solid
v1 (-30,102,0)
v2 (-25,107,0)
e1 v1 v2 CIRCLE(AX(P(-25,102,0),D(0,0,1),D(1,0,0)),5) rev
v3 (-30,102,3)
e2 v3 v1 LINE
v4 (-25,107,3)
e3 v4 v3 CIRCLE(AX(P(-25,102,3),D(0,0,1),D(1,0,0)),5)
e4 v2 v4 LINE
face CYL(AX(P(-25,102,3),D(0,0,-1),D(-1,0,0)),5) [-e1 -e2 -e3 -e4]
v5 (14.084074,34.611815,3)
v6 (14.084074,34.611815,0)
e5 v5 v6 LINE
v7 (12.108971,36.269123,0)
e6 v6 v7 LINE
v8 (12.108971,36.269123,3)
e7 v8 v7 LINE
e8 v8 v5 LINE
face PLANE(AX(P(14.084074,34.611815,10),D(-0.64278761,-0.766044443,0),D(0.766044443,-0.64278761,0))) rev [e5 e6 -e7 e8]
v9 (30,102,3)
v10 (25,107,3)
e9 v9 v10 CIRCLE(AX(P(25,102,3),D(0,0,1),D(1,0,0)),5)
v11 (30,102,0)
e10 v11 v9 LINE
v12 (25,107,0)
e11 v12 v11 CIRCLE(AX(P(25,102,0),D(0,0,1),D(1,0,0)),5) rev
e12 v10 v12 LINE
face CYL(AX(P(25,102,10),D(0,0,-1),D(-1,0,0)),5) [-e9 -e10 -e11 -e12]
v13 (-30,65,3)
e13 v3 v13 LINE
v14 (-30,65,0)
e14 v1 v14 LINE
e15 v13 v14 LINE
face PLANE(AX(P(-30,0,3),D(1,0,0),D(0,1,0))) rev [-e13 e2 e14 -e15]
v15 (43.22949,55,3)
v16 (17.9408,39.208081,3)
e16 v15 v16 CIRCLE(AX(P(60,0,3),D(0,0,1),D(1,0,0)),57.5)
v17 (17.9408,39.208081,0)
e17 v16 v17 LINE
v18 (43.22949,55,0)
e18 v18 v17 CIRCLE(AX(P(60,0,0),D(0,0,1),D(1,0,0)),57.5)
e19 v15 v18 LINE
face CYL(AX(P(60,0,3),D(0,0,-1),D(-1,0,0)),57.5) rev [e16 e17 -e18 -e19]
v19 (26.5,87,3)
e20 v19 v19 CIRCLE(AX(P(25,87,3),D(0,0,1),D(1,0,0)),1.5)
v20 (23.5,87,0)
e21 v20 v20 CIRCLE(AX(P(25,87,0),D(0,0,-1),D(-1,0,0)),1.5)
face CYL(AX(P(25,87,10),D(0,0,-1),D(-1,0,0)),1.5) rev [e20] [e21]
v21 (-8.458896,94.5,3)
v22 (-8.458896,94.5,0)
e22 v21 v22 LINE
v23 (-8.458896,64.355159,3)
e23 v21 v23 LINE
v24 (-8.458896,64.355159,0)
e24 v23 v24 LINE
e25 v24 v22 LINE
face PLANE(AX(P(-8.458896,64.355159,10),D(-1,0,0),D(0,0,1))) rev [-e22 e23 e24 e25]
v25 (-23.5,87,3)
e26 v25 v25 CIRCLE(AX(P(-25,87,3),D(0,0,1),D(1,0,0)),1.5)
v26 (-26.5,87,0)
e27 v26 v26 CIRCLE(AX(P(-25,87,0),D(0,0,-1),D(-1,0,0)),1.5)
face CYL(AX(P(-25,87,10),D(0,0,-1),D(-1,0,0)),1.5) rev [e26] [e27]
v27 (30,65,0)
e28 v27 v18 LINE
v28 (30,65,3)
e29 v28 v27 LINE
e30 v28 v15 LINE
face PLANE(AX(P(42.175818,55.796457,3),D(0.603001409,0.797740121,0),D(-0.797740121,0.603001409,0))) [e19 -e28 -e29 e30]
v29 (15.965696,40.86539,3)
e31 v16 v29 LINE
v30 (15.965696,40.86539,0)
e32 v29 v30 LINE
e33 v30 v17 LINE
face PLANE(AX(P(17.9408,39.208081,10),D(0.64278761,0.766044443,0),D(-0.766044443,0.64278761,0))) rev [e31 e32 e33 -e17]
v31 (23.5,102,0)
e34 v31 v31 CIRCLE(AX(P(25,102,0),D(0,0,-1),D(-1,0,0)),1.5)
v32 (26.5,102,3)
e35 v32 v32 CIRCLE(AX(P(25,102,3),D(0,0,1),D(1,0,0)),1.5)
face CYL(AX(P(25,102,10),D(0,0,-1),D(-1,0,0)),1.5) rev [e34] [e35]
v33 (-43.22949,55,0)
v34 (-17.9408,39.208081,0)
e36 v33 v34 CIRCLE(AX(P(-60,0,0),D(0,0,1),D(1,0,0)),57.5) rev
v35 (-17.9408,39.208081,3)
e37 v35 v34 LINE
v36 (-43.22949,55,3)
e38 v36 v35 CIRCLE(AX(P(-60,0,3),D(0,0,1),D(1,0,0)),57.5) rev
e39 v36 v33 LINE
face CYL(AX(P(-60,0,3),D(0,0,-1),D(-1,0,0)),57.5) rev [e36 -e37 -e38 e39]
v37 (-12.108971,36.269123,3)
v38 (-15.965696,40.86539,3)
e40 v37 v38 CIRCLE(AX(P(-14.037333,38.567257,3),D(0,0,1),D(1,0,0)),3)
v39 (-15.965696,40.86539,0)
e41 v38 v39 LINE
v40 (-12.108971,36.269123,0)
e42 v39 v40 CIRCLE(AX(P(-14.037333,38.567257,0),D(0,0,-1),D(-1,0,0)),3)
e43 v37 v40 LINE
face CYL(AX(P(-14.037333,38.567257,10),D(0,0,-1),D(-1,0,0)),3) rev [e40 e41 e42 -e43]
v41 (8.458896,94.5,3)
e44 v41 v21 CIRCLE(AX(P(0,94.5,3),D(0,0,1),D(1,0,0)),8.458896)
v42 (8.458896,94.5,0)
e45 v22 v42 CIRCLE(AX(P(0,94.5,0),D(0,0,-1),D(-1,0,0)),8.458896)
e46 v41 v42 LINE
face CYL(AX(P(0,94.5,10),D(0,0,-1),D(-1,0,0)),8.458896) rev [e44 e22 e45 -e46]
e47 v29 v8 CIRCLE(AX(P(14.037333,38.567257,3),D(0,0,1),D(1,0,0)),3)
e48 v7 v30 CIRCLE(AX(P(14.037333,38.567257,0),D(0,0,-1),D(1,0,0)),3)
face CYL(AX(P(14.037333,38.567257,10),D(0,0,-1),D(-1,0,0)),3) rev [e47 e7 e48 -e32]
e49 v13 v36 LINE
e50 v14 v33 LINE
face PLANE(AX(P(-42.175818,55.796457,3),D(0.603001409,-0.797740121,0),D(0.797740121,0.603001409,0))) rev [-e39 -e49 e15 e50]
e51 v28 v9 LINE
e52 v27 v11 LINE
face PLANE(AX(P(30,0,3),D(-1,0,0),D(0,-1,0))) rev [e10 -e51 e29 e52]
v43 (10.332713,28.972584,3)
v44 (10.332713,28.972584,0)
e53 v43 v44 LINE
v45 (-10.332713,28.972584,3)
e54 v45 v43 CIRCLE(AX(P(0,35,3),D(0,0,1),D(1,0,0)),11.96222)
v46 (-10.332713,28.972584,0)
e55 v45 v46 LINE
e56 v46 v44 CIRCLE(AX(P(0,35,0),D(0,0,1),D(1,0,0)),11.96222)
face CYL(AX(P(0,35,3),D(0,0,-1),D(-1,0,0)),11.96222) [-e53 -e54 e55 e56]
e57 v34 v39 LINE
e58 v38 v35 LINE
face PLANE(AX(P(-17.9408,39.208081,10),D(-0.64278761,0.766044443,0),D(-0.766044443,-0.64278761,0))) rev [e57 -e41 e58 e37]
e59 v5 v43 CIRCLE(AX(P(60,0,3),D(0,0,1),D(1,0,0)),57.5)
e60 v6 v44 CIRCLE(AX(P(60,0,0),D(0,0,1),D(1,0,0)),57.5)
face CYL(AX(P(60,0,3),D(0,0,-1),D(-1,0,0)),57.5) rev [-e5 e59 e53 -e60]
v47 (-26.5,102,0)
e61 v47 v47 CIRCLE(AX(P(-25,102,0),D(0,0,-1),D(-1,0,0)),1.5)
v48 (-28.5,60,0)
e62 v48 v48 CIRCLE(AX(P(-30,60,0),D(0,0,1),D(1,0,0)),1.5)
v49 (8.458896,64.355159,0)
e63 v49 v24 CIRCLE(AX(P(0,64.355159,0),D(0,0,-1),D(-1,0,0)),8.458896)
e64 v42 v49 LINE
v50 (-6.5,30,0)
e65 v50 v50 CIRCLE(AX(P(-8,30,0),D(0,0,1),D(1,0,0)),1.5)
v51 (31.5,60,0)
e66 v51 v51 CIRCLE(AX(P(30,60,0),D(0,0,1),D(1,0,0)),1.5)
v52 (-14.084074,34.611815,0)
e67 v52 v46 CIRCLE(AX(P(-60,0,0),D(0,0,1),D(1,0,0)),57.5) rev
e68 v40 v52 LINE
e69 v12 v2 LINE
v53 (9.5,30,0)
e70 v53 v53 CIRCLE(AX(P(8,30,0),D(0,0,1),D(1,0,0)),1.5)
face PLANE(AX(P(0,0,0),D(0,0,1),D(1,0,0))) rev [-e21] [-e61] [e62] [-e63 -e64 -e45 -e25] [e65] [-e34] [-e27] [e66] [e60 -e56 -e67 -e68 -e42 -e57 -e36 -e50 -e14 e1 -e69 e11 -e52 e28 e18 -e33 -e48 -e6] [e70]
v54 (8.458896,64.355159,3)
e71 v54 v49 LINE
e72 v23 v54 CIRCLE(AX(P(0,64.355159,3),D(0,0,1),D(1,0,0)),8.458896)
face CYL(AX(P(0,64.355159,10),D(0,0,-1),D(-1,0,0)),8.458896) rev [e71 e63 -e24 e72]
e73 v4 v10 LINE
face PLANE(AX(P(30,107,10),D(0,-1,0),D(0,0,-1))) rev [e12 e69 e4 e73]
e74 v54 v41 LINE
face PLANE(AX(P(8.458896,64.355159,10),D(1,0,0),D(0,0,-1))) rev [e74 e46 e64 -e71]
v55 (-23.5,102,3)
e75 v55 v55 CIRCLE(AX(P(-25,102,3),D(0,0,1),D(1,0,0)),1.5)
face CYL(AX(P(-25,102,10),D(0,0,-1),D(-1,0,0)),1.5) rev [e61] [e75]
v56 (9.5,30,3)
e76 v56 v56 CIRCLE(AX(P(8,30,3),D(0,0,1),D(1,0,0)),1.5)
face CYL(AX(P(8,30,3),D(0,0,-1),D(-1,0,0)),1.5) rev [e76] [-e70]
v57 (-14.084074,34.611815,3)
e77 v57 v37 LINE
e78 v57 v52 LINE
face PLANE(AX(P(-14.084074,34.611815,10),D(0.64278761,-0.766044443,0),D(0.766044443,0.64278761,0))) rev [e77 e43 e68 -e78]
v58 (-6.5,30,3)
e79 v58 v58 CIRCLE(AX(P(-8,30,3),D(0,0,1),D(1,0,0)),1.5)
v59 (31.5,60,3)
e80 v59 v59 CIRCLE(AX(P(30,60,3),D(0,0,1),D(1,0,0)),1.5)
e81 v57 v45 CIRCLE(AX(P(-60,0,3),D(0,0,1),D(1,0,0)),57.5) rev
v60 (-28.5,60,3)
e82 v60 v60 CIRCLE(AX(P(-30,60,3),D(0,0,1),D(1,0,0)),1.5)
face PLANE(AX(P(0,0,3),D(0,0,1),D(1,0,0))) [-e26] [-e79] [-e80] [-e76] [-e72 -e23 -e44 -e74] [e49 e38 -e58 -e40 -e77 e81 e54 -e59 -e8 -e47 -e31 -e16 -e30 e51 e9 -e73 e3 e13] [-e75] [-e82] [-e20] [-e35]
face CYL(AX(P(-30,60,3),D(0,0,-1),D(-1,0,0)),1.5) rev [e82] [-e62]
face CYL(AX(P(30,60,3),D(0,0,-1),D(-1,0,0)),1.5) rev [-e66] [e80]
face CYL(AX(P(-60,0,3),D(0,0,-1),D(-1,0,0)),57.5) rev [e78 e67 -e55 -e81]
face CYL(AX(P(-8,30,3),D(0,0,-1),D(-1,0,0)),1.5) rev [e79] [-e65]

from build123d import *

# Parameters (mm, degrees)
SKETCH_1_R          = 1.5
EXTRUDE_1_DEPTH     = 3
CUT_EXTRUDE_1_DEPTH = 10
SKETCH_3_R          = 1.5
CUT_EXTRUDE_2_DEPTH = 10
SKETCH_4_R          = 1
SKETCH_4_W          = 12.5
SKETCH_4_H          = 22.5
EXTRUDE_2_DEPTH     = 3
SKETCH_5_R          = 1
CUT_EXTRUDE_3_DEPTH = 10
FILLET_1_R          = 10
CUT_EXTRUDE_4_DEPTH = 10
FILLET_2_R          = 5


with BuildPart() as part:
    # 草图1 → 凸台-拉伸1 (new body)
    with BuildSketch(Plane.XY):
        with BuildLine():
            Line((30, 65), (43.229490169, 55))
            ThreePointArc((43.229490169, 55), (24.322951332, 45.093216766), (10.332713198, 28.972583968))
            ThreePointArc((10.332713198, 28.972583968), (0, 23.037780053), (-10.332713198, 28.972583968))
            ThreePointArc((-10.332713198, 28.972583968), (-24.322951332, 45.093216766), (-43.229490169, 55))
            Line((-43.229490169, 55), (-30, 65))
            Line((-30, 65), (-30, 107))
            ThreePointArc((-30, 107), (-27.071067812, 114.071067812), (-20, 117))
            Line((-20, 117), (20, 117))
            ThreePointArc((20, 117), (27.071067812, 114.071067812), (30, 107))
            Line((30, 107), (30, 65))
        make_face()
        with Locations((-30, 60)):
            Circle(SKETCH_1_R, mode=Mode.SUBTRACT)
        with Locations((-8, 30)):
            Circle(SKETCH_1_R, mode=Mode.SUBTRACT)
        with Locations((8, 30)):
            Circle(SKETCH_1_R, mode=Mode.SUBTRACT)
        with Locations((30, 60)):
            Circle(SKETCH_1_R, mode=Mode.SUBTRACT)
    extrude(amount=EXTRUDE_1_DEPTH)

    # 草图2 → 切除-拉伸1 (cut)
    with BuildSketch(Plane(origin=(0, 0, 0), x_dir=(-1, 0, 0), z_dir=(0, 0, -1))):
        with BuildLine():
            Line((14.08407385, 34.61181483), (12.108970584, 36.269123252))
            ThreePointArc((12.108970584, 36.269123252), (11.739200084, 40.49561941), (15.965696242, 40.865389911))
            Line((15.965696242, 40.865389911), (17.940799508, 39.208081488))
            Line((17.940799508, 39.208081488), (18.60524138, 38.39769253))
            Line((18.60524138, 38.39769253), (14.816805035, 33.83995685))
            Line((14.816805035, 33.83995685), (14.08407385, 34.61181483))
        make_face()
        with BuildLine():
            Line((-18.60524138, 38.39769253), (-17.940799508, 39.208081488))
            Line((-17.940799508, 39.208081488), (-15.965696242, 40.865389911))
            ThreePointArc((-15.965696242, 40.865389911), (-11.739200084, 40.49561941), (-12.108970584, 36.269123252))
            Line((-12.108970584, 36.269123252), (-14.08407385, 34.61181483))
            Line((-14.08407385, 34.61181483), (-14.816805035, 33.83995685))
            Line((-14.816805035, 33.83995685), (-18.60524138, 38.39769253))
        make_face()
    extrude(amount=-CUT_EXTRUDE_1_DEPTH, mode=Mode.SUBTRACT)

    # 草图3 → 切除-拉伸2 (cut)
    with BuildSketch(Plane(origin=(0, 0, 0), x_dir=(-1, 0, 0), z_dir=(0, 0, -1))):
        with Locations((-25, 102)):
            Circle(SKETCH_3_R)
        with Locations((-25, 87)):
            Circle(SKETCH_3_R)
        with Locations((25, 102)):
            Circle(SKETCH_3_R)
        with Locations((25, 87)):
            Circle(SKETCH_3_R)
        with BuildLine():
            Line((-8.458896236, 64.355158964), (-8.458896236, 94.5))
            ThreePointArc((-8.458896236, 94.5), (0, 102.958896236), (8.458896236, 94.5))
            Line((8.458896236, 94.5), (8.458896236, 64.355158964))
            ThreePointArc((8.458896236, 64.355158964), (0, 55.896262728), (-8.458896236, 64.355158964))
        make_face()
    extrude(amount=-CUT_EXTRUDE_2_DEPTH, mode=Mode.SUBTRACT)

    # 草图4 → 凸台-拉伸2 (add)
    with BuildSketch(Plane(origin=(0, 0, 0), x_dir=(-1, 0, 0), z_dir=(0, 0, -1))):
        with BuildLine():
            Line((-9.51564662, 141.75), (-20, 117))
            Line((-20, 117), (-9.51564662, 117))
            Line((-9.51564662, 117), (-2.844735856, 108.972139798))
            Line((-2.844735856, 108.972139798), (9.51564662, 117))
            Line((9.51564662, 117), (20, 117))
            Line((20, 117), (9.51564662, 141.75))
            ThreePointArc((9.51564662, 141.75), (0, 151.26564662), (-9.51564662, 141.75))
        make_face()
        with Locations((0, 141.75)):
            Circle(SKETCH_4_R, mode=Mode.SUBTRACT)
        with Locations((0, 128.25)):
            Rectangle(SKETCH_4_W, SKETCH_4_H, mode=Mode.SUBTRACT)
    extrude(amount=-EXTRUDE_2_DEPTH)

    # 草图5 → 切除-拉伸3 (cut)
    with BuildSketch(Plane(origin=(0, 0, 0), x_dir=(-1, 0, 0), z_dir=(0, 0, -1))):
        with Locations((0, 114.75)):
            Circle(SKETCH_5_R)
    extrude(amount=-CUT_EXTRUDE_3_DEPTH, mode=Mode.SUBTRACT)

    # 圆角1
    fillet_1_edges = [part.edges().sort_by_distance(p)[0] for p in [
        (9.51564662, 141.75, 1.5),
        (-9.51564662, 141.75, 1.5),
        (-20, 117, 1.5),
        (20, 117, 1.5),
    ]]
    fillet(fillet_1_edges, radius=FILLET_1_R)

    # 草图6 → 切除-拉伸4 (cut)
    with BuildSketch(Plane(origin=(0, 0, 0), x_dir=(-1, 0, 0), z_dir=(0, 0, -1))):
        Polygon((-30, 107), (30, 107), (76.168650248, 160.022811959), (-16.915973461, 154.626601889), (-34.871476016, 113.990464525), align=None)
    extrude(amount=-CUT_EXTRUDE_4_DEPTH, mode=Mode.SUBTRACT)

    # 圆角2
    fillet_2_edges = [part.edges().sort_by_distance(p)[0] for p in [
        (30, 107, 1.5),
        (-30, 107, 1.5),
    ]]
    fillet(fillet_2_edges, radius=FILLET_2_R)


solid = part.part
